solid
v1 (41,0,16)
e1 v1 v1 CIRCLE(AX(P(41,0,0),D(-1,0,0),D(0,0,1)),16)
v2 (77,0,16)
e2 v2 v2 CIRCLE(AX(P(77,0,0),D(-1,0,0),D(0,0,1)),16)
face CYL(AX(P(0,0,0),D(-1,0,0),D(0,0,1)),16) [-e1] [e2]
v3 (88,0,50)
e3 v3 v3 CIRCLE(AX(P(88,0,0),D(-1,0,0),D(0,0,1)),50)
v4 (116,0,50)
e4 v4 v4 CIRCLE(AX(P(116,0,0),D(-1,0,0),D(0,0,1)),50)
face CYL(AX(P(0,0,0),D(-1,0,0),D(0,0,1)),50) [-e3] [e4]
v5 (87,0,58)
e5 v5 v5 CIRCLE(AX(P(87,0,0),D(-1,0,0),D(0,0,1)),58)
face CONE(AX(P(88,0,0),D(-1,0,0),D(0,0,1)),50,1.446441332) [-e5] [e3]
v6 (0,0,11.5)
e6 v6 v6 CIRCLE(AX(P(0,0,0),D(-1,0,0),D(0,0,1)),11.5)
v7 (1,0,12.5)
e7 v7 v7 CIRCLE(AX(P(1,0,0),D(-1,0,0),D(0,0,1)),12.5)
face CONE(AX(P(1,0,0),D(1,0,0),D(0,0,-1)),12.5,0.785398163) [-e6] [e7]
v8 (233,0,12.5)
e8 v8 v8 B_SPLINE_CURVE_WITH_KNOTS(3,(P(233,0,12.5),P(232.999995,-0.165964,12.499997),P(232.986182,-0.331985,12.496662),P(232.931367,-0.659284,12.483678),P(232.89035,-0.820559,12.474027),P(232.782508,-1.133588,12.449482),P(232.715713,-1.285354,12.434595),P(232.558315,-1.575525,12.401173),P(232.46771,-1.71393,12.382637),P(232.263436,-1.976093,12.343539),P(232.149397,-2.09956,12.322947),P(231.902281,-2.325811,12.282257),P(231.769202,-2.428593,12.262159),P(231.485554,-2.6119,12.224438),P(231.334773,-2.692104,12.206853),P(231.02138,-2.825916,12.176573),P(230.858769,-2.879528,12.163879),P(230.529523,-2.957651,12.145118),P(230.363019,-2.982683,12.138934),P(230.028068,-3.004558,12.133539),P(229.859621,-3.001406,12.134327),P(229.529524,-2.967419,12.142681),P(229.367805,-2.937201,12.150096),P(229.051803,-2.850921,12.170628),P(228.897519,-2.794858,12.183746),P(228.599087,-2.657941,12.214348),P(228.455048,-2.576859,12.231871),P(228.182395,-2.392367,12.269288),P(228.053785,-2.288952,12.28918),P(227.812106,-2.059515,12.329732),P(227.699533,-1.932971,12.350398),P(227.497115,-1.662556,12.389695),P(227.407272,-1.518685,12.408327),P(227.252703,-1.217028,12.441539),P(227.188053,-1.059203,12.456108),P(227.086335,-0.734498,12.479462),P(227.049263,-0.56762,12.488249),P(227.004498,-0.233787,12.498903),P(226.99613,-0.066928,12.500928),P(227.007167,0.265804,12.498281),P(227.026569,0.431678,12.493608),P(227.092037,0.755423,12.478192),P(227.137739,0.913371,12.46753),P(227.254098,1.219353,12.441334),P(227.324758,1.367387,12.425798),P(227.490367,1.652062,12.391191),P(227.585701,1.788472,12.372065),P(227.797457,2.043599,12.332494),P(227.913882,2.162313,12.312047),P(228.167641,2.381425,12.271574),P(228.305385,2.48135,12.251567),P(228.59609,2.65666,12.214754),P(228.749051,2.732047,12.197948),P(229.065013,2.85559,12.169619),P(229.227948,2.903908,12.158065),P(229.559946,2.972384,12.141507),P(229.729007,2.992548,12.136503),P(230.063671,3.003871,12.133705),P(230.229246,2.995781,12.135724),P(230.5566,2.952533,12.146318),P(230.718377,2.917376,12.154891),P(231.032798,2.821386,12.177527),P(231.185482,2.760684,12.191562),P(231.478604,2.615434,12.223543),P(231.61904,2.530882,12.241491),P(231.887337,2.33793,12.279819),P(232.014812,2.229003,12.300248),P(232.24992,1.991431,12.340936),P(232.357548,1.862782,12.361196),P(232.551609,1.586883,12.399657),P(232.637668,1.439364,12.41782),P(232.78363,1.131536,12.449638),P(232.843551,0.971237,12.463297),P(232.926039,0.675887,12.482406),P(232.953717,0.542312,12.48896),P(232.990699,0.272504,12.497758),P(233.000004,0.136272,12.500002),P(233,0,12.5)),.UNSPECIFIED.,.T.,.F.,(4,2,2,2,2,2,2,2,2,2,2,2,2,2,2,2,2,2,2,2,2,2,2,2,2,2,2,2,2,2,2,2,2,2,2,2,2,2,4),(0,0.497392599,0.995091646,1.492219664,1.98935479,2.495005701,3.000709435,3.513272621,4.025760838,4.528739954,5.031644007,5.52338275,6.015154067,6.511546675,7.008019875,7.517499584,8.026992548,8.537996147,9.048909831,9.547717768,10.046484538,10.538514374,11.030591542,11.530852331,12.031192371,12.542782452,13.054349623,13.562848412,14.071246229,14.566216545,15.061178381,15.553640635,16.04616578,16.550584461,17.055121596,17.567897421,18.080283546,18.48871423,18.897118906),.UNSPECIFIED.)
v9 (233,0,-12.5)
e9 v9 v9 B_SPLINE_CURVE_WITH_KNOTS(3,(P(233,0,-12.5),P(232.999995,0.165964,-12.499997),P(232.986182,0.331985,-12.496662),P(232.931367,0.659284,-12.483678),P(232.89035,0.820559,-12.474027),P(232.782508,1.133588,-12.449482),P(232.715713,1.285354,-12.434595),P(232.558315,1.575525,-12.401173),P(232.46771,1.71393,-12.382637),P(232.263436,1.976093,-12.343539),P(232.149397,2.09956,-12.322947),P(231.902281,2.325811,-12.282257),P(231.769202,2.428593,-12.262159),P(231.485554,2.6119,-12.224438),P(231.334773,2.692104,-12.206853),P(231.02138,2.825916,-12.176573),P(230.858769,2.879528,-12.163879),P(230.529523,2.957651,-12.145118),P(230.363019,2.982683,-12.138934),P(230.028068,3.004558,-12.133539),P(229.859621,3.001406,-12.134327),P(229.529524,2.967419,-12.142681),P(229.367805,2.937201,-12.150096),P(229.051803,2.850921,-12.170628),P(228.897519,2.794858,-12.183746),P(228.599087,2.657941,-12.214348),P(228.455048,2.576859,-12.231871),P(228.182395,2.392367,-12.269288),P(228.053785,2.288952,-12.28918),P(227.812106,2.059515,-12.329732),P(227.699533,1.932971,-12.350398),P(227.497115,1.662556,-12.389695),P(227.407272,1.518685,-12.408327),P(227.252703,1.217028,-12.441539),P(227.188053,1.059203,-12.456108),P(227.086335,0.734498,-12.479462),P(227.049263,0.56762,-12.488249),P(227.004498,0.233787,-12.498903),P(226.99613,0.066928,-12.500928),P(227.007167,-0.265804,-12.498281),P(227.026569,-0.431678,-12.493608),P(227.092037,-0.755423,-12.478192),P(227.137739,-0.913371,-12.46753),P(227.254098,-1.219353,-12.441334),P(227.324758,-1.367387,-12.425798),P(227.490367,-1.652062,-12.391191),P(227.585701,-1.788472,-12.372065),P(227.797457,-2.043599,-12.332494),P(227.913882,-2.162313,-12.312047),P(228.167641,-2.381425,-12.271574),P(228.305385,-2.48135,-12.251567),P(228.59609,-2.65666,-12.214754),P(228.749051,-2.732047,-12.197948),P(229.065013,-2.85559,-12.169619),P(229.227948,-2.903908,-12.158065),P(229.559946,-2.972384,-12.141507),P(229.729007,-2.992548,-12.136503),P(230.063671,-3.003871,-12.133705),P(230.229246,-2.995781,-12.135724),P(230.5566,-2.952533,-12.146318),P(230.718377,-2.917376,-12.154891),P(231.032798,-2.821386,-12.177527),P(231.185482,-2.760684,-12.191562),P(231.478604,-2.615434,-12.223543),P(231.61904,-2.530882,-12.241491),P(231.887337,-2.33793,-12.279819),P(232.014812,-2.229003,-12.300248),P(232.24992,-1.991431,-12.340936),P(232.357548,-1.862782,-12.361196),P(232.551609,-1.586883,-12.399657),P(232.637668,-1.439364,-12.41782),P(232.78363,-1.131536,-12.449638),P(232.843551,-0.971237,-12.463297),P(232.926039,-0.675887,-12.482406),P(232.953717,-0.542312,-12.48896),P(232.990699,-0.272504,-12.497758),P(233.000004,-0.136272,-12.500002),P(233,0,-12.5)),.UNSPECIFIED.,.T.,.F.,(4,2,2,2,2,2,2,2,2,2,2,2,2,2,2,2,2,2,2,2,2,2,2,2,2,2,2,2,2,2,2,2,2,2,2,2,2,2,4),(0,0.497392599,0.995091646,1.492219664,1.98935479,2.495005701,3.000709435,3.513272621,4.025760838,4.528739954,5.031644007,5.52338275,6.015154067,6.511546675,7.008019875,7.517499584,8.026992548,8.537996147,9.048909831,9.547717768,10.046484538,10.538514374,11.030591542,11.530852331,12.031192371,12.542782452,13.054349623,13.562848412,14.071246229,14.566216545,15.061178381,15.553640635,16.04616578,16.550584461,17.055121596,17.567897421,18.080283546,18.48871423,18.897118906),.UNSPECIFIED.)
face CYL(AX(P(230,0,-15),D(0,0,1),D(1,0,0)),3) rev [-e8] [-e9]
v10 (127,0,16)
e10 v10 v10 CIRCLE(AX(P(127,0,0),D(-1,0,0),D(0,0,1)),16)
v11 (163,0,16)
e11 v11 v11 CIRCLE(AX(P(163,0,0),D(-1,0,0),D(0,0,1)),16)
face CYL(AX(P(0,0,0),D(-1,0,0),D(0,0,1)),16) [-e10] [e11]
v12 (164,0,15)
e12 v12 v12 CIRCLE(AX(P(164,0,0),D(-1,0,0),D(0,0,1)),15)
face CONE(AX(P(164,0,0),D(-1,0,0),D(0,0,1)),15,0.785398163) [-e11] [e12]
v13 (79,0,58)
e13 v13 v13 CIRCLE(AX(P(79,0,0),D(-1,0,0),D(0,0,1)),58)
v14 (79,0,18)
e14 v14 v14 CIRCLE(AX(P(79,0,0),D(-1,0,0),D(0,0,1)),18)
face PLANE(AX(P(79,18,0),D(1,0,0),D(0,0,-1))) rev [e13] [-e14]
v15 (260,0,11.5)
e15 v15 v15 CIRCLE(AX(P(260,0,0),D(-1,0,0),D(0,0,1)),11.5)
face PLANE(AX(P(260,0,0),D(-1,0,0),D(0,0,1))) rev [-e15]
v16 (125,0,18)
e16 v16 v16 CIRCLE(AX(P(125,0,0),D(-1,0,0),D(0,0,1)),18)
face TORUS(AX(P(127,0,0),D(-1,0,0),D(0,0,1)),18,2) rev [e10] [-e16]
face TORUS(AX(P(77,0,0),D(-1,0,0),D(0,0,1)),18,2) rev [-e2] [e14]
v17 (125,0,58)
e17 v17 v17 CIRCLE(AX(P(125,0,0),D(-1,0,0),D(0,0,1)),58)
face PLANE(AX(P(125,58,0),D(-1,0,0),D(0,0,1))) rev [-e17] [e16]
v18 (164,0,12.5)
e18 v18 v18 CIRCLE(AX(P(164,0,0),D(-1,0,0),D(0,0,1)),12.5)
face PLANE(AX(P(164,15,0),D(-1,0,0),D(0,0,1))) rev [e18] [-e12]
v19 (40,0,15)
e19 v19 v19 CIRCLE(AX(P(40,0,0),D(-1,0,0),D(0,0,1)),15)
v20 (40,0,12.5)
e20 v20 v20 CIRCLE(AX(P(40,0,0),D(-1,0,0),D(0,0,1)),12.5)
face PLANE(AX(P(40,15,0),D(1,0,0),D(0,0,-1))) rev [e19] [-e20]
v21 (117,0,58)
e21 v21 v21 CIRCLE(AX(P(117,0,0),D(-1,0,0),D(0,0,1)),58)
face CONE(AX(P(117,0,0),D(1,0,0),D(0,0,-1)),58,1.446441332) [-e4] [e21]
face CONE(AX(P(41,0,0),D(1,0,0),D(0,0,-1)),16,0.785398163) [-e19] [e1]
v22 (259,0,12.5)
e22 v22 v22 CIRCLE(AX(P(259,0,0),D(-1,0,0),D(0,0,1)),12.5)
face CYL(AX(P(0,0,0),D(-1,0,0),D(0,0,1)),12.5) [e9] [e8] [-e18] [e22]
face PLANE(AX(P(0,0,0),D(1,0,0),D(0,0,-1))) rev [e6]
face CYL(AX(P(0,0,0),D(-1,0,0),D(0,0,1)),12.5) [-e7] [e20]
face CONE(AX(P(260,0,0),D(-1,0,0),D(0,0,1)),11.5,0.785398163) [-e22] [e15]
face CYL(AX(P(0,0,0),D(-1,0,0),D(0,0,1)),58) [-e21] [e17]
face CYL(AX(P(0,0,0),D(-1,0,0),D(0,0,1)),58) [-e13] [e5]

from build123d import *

# Parameters (mm, degrees)
SKETCH_2_R          = 3
CUT_EXTRUDE_1_DEPTH = 15


with BuildPart() as part:
    # 草图1 → 旋转1 (revolve)
    with BuildSketch(Plane.XY):
        with BuildLine():
            Line((41, 16), (77, 16))
            ThreePointArc((77, 16), (78.414213562, 16.585786438), (79, 18))
            Line((79, 18), (79, 58))
            Line((79, 58), (87, 58))
            Line((87, 58), (88, 50))
            Line((88, 50), (116, 50))
            Line((116, 50), (117, 58))
            Line((117, 58), (125, 58))
            Line((125, 58), (125, 18))
            ThreePointArc((125, 18), (125.585786438, 16.585786438), (127, 16))
            Line((127, 16), (163, 16))
            Line((163, 16), (164, 15))
            Line((164, 15), (164, 12.5))
            Line((164, 12.5), (259, 12.5))
            Line((259, 12.5), (260, 11.5))
            Line((260, 11.5), (260, 0))
            Line((260, 0), (0, 0))
            Line((0, 0), (0, 11.5))
            Line((0, 11.5), (1, 12.5))
            Line((1, 12.5), (40, 12.5))
            Line((40, 12.5), (40, 15))
            Line((40, 15), (41, 16))
        make_face()
    revolve(axis=Axis((0, 0, 0), (1, 0, 0)))

    # 草图2 → 切除-拉伸1 (cut, symmetric)
    with BuildSketch(Plane.XY):
        with Locations((230, 0)):
            Circle(SKETCH_2_R)
    extrude(amount=CUT_EXTRUDE_1_DEPTH, both=True, mode=Mode.SUBTRACT)


solid = part.part
